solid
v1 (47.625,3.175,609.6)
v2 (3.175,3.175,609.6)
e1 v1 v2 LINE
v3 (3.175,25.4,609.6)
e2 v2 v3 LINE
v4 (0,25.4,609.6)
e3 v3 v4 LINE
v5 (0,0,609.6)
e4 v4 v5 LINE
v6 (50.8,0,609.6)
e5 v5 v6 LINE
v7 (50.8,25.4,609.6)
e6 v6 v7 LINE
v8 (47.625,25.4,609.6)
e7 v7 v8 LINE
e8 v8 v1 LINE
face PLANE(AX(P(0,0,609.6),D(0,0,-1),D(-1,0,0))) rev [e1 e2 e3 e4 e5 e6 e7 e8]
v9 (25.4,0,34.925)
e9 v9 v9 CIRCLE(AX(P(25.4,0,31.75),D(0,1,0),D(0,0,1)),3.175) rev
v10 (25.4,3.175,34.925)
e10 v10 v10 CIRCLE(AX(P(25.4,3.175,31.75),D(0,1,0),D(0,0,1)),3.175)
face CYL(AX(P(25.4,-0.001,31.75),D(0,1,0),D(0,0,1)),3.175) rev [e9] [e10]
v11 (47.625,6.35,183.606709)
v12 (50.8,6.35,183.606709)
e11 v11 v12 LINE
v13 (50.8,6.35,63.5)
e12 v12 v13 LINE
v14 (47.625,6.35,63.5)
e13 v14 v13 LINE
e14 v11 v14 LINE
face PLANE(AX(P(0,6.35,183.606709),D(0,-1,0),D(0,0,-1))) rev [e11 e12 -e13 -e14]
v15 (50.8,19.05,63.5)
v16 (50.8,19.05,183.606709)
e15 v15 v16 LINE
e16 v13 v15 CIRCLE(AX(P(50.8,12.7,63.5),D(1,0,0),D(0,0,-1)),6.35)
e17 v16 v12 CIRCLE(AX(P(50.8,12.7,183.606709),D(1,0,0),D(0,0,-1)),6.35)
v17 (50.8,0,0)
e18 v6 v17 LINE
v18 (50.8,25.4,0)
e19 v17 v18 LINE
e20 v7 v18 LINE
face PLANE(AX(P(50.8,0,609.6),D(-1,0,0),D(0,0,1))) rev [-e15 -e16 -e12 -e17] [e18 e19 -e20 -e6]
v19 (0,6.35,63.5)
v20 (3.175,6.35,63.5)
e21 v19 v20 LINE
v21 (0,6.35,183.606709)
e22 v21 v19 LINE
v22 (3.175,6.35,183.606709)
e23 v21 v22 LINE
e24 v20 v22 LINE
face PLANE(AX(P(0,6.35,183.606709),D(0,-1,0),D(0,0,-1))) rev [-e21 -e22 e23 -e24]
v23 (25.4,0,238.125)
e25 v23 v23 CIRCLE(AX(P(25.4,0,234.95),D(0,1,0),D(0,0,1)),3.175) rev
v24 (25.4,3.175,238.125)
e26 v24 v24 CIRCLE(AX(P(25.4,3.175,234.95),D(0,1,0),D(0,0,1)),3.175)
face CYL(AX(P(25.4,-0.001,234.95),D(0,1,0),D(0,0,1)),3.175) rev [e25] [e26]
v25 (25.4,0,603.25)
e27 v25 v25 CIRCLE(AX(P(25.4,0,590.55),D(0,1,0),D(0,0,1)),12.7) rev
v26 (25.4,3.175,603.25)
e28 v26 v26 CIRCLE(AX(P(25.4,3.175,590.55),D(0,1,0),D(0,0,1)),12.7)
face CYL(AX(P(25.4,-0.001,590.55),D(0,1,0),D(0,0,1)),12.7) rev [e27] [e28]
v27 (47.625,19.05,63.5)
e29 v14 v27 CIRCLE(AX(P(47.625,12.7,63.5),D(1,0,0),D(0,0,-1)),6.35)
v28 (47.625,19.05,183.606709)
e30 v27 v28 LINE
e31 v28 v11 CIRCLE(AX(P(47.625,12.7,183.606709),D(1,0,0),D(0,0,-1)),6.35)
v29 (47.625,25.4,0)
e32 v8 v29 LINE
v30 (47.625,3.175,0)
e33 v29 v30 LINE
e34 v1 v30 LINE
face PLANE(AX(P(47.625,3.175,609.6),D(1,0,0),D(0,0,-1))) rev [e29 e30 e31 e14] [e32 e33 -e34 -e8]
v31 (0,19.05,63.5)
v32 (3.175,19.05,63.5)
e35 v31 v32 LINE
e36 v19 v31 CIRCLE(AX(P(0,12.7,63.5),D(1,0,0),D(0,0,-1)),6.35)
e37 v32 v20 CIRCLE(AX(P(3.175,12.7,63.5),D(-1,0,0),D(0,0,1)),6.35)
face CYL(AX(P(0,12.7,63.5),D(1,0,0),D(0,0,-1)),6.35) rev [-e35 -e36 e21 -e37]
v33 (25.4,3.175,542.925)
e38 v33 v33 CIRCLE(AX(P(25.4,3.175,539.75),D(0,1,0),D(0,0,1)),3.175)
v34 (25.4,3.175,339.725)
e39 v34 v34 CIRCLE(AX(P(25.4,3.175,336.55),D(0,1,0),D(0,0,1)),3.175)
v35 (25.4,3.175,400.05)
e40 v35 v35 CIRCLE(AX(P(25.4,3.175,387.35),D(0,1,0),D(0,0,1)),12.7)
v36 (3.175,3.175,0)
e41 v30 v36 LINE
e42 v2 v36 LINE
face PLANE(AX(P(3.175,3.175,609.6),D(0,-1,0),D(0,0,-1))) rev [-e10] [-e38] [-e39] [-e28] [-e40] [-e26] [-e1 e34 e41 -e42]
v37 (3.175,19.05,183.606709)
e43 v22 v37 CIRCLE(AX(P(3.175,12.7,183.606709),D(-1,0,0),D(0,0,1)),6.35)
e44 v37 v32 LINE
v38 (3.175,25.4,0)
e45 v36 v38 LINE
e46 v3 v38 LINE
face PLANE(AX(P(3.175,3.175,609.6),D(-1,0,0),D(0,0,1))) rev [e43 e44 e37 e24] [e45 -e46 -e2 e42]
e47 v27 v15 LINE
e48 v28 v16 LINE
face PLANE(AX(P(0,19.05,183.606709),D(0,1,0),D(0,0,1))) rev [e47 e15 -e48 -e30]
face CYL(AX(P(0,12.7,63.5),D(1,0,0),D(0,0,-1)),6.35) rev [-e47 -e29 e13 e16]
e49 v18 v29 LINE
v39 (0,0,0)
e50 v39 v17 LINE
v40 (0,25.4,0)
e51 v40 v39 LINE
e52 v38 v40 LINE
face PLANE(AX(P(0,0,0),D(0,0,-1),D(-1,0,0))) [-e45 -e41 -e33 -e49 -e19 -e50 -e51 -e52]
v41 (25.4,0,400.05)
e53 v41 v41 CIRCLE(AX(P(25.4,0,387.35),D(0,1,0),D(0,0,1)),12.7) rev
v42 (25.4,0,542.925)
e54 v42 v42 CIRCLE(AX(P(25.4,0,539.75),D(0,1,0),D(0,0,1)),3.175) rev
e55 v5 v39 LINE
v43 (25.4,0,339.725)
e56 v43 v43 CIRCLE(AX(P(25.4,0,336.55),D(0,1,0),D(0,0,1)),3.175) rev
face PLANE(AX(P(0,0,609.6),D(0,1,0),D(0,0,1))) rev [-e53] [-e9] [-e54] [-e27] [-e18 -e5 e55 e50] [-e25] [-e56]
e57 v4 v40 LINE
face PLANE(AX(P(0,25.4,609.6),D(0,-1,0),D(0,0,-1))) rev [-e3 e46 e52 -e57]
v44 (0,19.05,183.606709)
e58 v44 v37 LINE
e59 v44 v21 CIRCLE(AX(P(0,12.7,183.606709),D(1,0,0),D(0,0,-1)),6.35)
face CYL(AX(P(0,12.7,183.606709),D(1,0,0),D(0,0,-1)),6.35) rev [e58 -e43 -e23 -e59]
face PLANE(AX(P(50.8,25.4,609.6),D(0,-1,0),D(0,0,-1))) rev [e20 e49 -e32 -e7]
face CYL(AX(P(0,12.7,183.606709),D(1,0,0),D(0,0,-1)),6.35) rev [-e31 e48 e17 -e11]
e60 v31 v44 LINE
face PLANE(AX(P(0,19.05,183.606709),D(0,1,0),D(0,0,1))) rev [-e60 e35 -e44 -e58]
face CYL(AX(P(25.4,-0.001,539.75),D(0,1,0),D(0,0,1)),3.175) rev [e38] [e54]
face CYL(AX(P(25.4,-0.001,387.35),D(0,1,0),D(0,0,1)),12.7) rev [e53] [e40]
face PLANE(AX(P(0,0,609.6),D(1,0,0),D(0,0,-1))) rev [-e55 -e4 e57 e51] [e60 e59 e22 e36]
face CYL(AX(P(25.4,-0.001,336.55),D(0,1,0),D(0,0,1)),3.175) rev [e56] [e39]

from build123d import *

# Parameters (mm, degrees)
BOSS_EXTRUDE1_DEPTH = 609.6
CUT_EXTRUDE1_REACH  = 5.175
SKETCH2_R           = 12.7
SKETCH2_R_2         = 3.175
CUT_EXTRUDE2_REACH  = 5.175
SKETCH3_R           = 3.175
CUT_EXTRUDE3_DEPTH  = 51.8


with BuildPart() as part:
    # Sketch1 → Boss-Extrude1 (new body)
    with BuildSketch(Plane.XY):
        Polygon((47.625, 3.175), (47.625, 25.4), (50.8, 25.4), (50.8, 0), (0, 0), (0, 25.4), (3.175, 25.4), (3.175, 3.175), align=None)
    extrude(amount=BOSS_EXTRUDE1_DEPTH)

    # Sketch2 → Cut-Extrude1 (cut, up to next)
    with BuildSketch(Plane(origin=(0, 3.175, 0), x_dir=(1, 0, 0), z_dir=(0, 1, 0)), mode=Mode.PRIVATE) as cut_extrude1_sk1:
        with Locations((25.4, -590.55)):
            Circle(SKETCH2_R)
    cut_extrude1_tool1 = extrude(cut_extrude1_sk1.sketch, amount=-CUT_EXTRUDE1_REACH, mode=Mode.PRIVATE) & part.part
    add(cut_extrude1_tool1.solids().sort_by_distance((25.4, 3.175, 590.55))[0], mode=Mode.SUBTRACT)
    # Sketch2 → Cut-Extrude1 (cut, up to next)
    with BuildSketch(Plane(origin=(0, 3.175, 0), x_dir=(1, 0, 0), z_dir=(0, 1, 0)), mode=Mode.PRIVATE) as cut_extrude1_sk2:
        with Locations((25.4, -387.35)):
            Circle(SKETCH2_R)
    cut_extrude1_tool2 = extrude(cut_extrude1_sk2.sketch, amount=-CUT_EXTRUDE1_REACH, mode=Mode.PRIVATE) & part.part
    add(cut_extrude1_tool2.solids().sort_by_distance((25.4, 3.175, 387.35))[0], mode=Mode.SUBTRACT)
    # Sketch2 → Cut-Extrude1 (cut, up to next)
    with BuildSketch(Plane(origin=(0, 3.175, 0), x_dir=(1, 0, 0), z_dir=(0, 1, 0)), mode=Mode.PRIVATE) as cut_extrude1_sk3:
        with Locations((25.4, -539.75)):
            Circle(SKETCH2_R_2)
    cut_extrude1_tool3 = extrude(cut_extrude1_sk3.sketch, amount=-CUT_EXTRUDE1_REACH, mode=Mode.PRIVATE) & part.part
    add(cut_extrude1_tool3.solids().sort_by_distance((25.4, 3.175, 539.75))[0], mode=Mode.SUBTRACT)
    # Sketch2 → Cut-Extrude1 (cut, up to next)
    with BuildSketch(Plane(origin=(0, 3.175, 0), x_dir=(1, 0, 0), z_dir=(0, 1, 0)), mode=Mode.PRIVATE) as cut_extrude1_sk4:
        with Locations((25.4, -336.55)):
            Circle(SKETCH2_R_2)
    cut_extrude1_tool4 = extrude(cut_extrude1_sk4.sketch, amount=-CUT_EXTRUDE1_REACH, mode=Mode.PRIVATE) & part.part
    add(cut_extrude1_tool4.solids().sort_by_distance((25.4, 3.175, 336.55))[0], mode=Mode.SUBTRACT)

    # Sketch3 → Cut-Extrude2 (cut, up to next)
    with BuildSketch(Plane(origin=(0, 3.175, 0), x_dir=(1, 0, 0), z_dir=(0, 1, 0)), mode=Mode.PRIVATE) as cut_extrude2_sk1:
        with Locations((25.4, -234.95)):
            Circle(SKETCH3_R)
    cut_extrude2_tool1 = extrude(cut_extrude2_sk1.sketch, amount=-CUT_EXTRUDE2_REACH, mode=Mode.PRIVATE) & part.part
    add(cut_extrude2_tool1.solids().sort_by_distance((25.4, 3.175, 234.95))[0], mode=Mode.SUBTRACT)
    # Sketch3 → Cut-Extrude2 (cut, up to next)
    with BuildSketch(Plane(origin=(0, 3.175, 0), x_dir=(1, 0, 0), z_dir=(0, 1, 0)), mode=Mode.PRIVATE) as cut_extrude2_sk2:
        with Locations((25.4, -31.75)):
            Circle(SKETCH3_R)
    cut_extrude2_tool2 = extrude(cut_extrude2_sk2.sketch, amount=-CUT_EXTRUDE2_REACH, mode=Mode.PRIVATE) & part.part
    add(cut_extrude2_tool2.solids().sort_by_distance((25.4, 3.175, 31.75))[0], mode=Mode.SUBTRACT)

    # Sketch4 → Cut-Extrude3 (cut, through all)
    with BuildSketch(Plane(origin=(50.8, 0, 0), x_dir=(0, 0, -1), z_dir=(1, 0, 0))):
        with BuildLine():
            Line((-183.606708986, 19.05), (-63.5, 19.05))
            ThreePointArc((-63.5, 19.05), (-57.15, 12.7), (-63.5, 6.35))
            Line((-63.5, 6.35), (-183.606708986, 6.35))
            ThreePointArc((-183.606708986, 6.35), (-189.956708986, 12.7), (-183.606708986, 19.05))
        make_face()
    extrude(amount=-CUT_EXTRUDE3_DEPTH, mode=Mode.SUBTRACT)


solid = part.part
